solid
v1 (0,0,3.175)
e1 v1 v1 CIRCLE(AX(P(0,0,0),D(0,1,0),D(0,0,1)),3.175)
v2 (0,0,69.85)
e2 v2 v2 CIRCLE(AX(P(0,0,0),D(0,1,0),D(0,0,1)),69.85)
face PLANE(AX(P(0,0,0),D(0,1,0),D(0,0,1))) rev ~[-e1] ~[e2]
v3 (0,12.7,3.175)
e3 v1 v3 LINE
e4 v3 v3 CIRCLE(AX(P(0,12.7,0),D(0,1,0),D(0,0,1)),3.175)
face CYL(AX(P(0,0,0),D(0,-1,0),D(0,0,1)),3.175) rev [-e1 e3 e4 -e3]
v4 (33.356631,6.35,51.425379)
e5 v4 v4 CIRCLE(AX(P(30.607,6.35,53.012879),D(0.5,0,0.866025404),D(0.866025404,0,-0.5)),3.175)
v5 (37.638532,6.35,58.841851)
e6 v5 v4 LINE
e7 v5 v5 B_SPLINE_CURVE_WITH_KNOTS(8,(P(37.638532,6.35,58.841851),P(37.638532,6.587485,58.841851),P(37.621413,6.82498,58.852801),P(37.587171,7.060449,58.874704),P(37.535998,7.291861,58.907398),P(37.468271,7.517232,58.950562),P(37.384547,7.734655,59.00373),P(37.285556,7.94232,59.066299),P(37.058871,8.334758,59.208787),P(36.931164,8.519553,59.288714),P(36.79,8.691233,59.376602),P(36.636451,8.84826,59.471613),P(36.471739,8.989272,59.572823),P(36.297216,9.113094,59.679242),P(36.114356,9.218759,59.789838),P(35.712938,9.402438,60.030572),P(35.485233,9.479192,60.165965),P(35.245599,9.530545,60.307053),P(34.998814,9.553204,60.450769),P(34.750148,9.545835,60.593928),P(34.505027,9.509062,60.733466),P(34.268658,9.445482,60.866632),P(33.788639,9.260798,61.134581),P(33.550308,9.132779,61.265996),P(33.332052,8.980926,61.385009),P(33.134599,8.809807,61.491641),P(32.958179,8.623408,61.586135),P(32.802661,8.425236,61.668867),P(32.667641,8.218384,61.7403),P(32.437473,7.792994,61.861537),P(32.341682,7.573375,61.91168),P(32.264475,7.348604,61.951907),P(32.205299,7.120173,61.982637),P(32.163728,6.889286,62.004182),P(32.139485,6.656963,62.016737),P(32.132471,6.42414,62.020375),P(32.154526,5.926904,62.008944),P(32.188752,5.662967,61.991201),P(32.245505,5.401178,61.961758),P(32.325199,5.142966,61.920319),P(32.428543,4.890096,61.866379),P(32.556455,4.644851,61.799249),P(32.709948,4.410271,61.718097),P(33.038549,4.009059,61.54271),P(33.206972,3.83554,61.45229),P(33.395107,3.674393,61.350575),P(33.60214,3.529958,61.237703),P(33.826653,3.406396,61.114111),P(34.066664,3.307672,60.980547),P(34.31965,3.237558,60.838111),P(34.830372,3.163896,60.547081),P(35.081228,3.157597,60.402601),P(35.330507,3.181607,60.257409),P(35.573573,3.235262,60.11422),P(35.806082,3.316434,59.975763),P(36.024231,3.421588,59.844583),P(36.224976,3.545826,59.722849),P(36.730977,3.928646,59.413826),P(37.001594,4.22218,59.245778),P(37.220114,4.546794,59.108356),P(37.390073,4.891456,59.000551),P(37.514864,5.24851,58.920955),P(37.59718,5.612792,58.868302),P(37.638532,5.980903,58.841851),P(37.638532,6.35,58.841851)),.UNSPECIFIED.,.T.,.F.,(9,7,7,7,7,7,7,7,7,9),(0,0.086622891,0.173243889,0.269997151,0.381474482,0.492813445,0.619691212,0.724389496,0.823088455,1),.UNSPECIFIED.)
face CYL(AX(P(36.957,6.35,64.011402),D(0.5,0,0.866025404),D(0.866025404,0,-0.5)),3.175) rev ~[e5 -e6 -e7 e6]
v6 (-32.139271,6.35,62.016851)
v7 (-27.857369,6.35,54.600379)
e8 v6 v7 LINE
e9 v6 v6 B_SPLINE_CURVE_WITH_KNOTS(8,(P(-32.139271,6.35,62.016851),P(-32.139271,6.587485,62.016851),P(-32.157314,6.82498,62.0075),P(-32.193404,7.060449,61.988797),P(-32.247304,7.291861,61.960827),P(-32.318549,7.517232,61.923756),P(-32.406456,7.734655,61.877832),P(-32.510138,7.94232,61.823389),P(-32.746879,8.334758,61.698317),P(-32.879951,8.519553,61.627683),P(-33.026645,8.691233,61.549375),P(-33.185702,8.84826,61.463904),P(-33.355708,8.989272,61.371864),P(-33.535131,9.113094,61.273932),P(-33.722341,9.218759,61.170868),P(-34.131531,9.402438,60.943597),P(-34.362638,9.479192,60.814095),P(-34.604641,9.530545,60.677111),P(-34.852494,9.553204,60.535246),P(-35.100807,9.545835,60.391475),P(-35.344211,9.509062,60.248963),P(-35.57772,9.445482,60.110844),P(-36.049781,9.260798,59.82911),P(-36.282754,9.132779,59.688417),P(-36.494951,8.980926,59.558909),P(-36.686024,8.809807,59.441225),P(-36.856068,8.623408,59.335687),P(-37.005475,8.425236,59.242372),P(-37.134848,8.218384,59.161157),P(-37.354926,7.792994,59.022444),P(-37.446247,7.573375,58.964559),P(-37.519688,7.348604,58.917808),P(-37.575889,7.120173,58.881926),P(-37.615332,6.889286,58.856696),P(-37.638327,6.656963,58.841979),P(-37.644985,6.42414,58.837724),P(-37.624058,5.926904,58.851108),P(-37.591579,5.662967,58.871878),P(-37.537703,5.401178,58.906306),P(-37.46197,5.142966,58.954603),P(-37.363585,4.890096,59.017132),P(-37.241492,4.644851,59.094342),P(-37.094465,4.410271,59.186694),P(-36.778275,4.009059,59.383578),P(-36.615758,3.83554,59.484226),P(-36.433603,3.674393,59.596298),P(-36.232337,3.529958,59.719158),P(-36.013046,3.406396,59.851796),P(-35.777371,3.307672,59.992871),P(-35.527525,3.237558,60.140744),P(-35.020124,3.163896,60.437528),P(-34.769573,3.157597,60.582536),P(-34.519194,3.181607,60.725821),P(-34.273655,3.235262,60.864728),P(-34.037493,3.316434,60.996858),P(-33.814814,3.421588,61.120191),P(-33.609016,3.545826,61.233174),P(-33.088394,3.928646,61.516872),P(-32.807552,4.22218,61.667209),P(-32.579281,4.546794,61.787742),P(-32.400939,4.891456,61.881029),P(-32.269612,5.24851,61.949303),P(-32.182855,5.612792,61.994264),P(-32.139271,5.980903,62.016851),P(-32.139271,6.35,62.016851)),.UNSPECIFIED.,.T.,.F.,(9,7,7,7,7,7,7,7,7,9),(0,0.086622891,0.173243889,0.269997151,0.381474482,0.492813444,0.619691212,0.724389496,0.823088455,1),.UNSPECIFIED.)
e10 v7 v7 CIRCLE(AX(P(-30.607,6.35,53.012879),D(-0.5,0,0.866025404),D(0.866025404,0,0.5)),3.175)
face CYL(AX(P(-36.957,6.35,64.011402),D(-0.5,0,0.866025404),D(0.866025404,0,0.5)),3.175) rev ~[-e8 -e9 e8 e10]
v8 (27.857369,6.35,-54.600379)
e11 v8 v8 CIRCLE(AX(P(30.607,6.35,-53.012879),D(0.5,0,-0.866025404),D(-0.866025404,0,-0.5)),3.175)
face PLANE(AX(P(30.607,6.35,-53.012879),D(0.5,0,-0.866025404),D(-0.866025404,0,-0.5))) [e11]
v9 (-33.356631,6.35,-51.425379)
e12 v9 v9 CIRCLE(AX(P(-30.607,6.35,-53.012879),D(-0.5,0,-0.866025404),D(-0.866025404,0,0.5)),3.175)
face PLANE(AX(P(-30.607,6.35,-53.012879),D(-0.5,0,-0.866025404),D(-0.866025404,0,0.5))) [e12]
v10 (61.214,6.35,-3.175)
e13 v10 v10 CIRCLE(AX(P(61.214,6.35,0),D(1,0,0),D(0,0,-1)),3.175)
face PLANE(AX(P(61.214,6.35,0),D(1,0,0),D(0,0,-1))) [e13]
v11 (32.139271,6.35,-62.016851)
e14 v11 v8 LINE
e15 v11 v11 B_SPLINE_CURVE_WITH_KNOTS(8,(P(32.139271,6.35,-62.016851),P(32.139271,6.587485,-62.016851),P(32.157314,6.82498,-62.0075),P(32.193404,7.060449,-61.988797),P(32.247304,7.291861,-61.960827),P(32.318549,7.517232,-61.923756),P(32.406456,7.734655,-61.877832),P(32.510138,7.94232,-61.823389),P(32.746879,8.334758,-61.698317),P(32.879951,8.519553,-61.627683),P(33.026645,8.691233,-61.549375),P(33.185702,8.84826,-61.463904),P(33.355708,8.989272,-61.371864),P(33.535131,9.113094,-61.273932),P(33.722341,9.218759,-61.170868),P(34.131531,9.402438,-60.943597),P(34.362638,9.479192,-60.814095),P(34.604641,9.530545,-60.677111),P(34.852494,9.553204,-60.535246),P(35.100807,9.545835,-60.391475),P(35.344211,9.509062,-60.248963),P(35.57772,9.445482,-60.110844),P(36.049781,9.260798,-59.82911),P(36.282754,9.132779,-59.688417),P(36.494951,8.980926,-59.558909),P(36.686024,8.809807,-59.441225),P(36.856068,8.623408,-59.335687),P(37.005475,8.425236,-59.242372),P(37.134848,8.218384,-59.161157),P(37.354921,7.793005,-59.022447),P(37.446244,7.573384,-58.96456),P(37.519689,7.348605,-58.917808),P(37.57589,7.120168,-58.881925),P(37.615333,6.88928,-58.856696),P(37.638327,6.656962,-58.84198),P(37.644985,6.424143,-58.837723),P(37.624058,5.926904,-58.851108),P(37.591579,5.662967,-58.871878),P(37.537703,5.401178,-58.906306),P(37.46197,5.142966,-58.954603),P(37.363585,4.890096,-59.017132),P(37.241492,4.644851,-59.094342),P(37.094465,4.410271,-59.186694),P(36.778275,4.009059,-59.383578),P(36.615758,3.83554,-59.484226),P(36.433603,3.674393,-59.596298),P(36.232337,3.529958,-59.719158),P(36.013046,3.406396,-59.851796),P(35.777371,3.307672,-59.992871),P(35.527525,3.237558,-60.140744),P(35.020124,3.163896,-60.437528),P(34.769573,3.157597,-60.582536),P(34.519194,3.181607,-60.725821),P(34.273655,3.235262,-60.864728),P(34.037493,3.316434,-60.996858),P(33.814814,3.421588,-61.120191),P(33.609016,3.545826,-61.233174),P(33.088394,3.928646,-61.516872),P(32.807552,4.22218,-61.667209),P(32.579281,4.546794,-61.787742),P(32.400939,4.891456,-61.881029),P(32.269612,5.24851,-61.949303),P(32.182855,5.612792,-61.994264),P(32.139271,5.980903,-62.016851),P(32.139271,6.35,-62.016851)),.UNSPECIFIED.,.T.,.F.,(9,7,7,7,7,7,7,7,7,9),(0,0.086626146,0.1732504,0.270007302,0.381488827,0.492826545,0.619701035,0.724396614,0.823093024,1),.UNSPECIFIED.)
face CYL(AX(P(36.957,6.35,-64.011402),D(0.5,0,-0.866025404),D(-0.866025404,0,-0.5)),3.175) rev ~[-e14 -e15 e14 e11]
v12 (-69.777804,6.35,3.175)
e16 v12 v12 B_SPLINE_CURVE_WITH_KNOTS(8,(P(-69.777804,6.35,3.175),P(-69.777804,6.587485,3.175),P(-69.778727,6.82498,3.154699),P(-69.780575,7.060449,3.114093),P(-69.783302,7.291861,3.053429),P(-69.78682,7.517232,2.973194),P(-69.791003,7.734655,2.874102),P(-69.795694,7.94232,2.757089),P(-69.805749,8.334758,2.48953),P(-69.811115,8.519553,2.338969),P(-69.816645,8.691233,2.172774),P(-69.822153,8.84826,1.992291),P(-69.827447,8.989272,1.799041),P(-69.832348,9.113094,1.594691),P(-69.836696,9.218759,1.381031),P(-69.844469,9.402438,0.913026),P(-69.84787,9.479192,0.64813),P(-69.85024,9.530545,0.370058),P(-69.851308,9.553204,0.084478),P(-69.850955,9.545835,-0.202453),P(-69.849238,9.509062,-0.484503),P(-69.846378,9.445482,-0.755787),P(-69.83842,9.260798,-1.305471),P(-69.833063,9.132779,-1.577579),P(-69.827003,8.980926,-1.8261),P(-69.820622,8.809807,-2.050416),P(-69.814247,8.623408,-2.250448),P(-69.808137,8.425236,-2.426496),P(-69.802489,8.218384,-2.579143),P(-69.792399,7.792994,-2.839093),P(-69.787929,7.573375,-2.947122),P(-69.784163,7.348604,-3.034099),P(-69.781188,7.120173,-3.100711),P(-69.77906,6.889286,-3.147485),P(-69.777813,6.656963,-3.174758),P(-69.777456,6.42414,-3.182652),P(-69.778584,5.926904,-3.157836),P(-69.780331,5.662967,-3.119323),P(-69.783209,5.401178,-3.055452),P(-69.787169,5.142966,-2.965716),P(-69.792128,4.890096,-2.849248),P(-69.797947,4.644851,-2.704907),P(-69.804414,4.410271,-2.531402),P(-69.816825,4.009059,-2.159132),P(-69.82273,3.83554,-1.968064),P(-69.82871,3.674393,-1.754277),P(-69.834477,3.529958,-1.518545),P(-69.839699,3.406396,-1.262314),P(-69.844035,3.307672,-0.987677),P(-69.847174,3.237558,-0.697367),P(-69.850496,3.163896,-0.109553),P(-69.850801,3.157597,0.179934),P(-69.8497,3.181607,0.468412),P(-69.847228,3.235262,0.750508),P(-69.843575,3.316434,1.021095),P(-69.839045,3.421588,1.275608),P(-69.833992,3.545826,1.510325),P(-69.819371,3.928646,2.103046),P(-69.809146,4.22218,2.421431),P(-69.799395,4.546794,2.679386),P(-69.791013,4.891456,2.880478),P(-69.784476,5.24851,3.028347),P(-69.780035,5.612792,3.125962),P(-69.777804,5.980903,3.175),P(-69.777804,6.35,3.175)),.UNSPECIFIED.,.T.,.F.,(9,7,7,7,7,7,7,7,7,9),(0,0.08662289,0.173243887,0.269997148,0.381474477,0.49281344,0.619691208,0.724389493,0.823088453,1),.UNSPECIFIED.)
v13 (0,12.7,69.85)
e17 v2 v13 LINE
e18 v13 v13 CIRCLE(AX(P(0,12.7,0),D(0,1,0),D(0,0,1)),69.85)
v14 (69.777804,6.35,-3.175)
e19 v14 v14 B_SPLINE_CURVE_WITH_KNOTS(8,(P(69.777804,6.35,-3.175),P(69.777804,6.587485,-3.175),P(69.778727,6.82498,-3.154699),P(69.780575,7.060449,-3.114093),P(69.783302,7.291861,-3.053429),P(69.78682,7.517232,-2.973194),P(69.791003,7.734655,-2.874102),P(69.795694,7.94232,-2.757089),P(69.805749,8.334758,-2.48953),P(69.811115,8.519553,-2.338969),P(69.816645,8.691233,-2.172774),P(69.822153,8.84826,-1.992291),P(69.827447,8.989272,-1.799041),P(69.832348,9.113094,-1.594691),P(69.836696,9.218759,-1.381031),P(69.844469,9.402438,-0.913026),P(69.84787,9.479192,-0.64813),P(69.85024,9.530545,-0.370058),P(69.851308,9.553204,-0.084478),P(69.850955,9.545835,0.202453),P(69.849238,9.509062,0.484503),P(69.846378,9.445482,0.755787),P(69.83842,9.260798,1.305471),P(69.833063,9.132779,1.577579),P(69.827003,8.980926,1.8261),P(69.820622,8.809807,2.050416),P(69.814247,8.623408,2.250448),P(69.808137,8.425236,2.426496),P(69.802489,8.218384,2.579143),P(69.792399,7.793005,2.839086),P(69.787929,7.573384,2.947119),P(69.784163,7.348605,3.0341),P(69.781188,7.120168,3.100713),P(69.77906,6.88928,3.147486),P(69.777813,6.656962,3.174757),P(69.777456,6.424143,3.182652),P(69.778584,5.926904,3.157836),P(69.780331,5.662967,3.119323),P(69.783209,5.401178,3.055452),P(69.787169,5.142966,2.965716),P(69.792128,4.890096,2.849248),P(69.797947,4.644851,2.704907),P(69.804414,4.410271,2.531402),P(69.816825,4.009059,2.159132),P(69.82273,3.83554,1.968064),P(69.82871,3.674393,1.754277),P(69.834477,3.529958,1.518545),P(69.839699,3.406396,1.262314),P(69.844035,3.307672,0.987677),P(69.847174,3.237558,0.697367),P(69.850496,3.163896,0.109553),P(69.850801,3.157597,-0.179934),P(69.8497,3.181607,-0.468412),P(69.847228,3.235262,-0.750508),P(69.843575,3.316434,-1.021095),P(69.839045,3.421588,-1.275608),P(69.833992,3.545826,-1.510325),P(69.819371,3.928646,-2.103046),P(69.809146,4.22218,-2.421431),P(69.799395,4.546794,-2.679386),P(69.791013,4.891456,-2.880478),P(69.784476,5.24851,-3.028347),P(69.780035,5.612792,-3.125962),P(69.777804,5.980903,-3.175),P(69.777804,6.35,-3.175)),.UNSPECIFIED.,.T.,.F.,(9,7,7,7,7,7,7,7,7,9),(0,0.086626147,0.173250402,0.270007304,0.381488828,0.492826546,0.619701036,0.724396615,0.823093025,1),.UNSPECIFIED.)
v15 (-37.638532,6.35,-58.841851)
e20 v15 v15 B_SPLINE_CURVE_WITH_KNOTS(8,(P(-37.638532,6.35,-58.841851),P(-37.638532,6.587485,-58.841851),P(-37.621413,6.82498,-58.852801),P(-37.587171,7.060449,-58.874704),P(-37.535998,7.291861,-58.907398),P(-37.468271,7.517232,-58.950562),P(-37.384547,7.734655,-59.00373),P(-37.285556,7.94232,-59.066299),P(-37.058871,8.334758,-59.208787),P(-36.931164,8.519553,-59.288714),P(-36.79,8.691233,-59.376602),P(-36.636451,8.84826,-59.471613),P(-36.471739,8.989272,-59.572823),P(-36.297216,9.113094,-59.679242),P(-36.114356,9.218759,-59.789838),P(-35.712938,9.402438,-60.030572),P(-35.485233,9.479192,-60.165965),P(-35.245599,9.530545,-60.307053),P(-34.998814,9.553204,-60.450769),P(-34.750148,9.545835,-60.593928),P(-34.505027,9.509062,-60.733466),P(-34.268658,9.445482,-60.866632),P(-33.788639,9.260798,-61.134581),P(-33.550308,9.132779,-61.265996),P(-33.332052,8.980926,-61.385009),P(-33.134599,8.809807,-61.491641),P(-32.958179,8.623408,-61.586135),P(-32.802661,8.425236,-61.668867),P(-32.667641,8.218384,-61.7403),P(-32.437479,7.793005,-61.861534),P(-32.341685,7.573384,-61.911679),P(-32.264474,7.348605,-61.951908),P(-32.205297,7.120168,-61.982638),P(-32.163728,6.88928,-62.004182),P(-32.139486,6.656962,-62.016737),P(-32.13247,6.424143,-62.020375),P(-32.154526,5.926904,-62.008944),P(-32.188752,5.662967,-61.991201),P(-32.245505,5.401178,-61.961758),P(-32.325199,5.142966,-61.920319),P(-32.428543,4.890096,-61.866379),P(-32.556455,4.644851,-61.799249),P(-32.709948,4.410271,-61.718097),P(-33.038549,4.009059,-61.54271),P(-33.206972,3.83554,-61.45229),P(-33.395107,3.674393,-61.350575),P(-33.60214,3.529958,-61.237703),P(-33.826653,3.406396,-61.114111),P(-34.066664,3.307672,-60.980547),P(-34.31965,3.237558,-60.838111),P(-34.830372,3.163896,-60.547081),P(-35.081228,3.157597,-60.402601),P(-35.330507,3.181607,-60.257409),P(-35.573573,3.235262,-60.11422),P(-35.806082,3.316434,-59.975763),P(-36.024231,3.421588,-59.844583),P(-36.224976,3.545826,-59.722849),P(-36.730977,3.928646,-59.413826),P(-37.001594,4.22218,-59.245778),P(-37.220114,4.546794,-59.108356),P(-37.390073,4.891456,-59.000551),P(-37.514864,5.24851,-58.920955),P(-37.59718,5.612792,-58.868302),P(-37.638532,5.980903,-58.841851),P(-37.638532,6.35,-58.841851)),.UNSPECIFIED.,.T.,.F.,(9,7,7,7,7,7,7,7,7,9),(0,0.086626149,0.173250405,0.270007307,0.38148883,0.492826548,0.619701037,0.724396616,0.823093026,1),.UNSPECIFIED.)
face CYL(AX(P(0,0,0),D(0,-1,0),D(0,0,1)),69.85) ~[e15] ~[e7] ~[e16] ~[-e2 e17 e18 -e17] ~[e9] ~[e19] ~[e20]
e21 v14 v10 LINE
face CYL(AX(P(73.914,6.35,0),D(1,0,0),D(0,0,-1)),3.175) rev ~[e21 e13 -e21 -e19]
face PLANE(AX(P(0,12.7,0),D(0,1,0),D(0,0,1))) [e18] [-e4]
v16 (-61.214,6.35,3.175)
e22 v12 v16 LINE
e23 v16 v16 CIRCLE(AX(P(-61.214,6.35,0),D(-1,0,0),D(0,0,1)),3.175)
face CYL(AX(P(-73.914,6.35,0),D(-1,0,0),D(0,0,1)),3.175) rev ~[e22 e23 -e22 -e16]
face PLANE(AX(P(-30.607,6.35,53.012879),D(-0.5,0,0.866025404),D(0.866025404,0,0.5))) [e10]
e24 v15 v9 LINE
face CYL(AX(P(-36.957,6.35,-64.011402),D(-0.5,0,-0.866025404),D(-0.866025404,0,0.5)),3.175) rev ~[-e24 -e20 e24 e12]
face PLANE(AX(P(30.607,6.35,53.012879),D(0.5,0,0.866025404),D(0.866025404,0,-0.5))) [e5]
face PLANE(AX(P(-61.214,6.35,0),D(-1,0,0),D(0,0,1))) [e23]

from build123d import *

# Parameters (mm, degrees)
SKETCH1_R           = 69.85
SKETCH1_R_2         = 3.175
BOSS_EXTRUDE1_DEPTH = 12.7
SKETCH2_R           = 3.175
CUT_EXTRUDE1_DEPTH  = 12.7
CIRPATTERN1_COUNT   = 6


with BuildPart() as part:
    # Sketch1 → Boss-Extrude1 (new body)
    with BuildSketch(Plane(origin=(0, 0, 0), x_dir=(1, 0, 0), z_dir=(0, 1, 0))):
        with Locations(Location((0, 0, 0), (0, 0, 270))):
            Circle(SKETCH1_R)
        with Locations(Location((0, 0, 0), (0, 0, 270))):
            Circle(SKETCH1_R_2, mode=Mode.SUBTRACT)
    extrude(amount=BOSS_EXTRUDE1_DEPTH)

    # Sketch2 → Cut-Extrude1 (cut)
    with BuildSketch(Plane(origin=(73.914, 0, 0), x_dir=(0, 0, -1), z_dir=(1, 0, 0))):
        with Locations((0, 6.35)):
            Circle(SKETCH2_R)
    cut_extrude1 = extrude(amount=-CUT_EXTRUDE1_DEPTH, mode=Mode.SUBTRACT)

    # CirPattern1: Cut-Extrude1 ×6 about axis
    cirpattern1_axis = Axis((0, 0, 0), (0, 1, 0))
    for i in range(1, CIRPATTERN1_COUNT):
        add(cut_extrude1.rotate(cirpattern1_axis, i * 360 / CIRPATTERN1_COUNT), mode=Mode.SUBTRACT)


solid = part.part
